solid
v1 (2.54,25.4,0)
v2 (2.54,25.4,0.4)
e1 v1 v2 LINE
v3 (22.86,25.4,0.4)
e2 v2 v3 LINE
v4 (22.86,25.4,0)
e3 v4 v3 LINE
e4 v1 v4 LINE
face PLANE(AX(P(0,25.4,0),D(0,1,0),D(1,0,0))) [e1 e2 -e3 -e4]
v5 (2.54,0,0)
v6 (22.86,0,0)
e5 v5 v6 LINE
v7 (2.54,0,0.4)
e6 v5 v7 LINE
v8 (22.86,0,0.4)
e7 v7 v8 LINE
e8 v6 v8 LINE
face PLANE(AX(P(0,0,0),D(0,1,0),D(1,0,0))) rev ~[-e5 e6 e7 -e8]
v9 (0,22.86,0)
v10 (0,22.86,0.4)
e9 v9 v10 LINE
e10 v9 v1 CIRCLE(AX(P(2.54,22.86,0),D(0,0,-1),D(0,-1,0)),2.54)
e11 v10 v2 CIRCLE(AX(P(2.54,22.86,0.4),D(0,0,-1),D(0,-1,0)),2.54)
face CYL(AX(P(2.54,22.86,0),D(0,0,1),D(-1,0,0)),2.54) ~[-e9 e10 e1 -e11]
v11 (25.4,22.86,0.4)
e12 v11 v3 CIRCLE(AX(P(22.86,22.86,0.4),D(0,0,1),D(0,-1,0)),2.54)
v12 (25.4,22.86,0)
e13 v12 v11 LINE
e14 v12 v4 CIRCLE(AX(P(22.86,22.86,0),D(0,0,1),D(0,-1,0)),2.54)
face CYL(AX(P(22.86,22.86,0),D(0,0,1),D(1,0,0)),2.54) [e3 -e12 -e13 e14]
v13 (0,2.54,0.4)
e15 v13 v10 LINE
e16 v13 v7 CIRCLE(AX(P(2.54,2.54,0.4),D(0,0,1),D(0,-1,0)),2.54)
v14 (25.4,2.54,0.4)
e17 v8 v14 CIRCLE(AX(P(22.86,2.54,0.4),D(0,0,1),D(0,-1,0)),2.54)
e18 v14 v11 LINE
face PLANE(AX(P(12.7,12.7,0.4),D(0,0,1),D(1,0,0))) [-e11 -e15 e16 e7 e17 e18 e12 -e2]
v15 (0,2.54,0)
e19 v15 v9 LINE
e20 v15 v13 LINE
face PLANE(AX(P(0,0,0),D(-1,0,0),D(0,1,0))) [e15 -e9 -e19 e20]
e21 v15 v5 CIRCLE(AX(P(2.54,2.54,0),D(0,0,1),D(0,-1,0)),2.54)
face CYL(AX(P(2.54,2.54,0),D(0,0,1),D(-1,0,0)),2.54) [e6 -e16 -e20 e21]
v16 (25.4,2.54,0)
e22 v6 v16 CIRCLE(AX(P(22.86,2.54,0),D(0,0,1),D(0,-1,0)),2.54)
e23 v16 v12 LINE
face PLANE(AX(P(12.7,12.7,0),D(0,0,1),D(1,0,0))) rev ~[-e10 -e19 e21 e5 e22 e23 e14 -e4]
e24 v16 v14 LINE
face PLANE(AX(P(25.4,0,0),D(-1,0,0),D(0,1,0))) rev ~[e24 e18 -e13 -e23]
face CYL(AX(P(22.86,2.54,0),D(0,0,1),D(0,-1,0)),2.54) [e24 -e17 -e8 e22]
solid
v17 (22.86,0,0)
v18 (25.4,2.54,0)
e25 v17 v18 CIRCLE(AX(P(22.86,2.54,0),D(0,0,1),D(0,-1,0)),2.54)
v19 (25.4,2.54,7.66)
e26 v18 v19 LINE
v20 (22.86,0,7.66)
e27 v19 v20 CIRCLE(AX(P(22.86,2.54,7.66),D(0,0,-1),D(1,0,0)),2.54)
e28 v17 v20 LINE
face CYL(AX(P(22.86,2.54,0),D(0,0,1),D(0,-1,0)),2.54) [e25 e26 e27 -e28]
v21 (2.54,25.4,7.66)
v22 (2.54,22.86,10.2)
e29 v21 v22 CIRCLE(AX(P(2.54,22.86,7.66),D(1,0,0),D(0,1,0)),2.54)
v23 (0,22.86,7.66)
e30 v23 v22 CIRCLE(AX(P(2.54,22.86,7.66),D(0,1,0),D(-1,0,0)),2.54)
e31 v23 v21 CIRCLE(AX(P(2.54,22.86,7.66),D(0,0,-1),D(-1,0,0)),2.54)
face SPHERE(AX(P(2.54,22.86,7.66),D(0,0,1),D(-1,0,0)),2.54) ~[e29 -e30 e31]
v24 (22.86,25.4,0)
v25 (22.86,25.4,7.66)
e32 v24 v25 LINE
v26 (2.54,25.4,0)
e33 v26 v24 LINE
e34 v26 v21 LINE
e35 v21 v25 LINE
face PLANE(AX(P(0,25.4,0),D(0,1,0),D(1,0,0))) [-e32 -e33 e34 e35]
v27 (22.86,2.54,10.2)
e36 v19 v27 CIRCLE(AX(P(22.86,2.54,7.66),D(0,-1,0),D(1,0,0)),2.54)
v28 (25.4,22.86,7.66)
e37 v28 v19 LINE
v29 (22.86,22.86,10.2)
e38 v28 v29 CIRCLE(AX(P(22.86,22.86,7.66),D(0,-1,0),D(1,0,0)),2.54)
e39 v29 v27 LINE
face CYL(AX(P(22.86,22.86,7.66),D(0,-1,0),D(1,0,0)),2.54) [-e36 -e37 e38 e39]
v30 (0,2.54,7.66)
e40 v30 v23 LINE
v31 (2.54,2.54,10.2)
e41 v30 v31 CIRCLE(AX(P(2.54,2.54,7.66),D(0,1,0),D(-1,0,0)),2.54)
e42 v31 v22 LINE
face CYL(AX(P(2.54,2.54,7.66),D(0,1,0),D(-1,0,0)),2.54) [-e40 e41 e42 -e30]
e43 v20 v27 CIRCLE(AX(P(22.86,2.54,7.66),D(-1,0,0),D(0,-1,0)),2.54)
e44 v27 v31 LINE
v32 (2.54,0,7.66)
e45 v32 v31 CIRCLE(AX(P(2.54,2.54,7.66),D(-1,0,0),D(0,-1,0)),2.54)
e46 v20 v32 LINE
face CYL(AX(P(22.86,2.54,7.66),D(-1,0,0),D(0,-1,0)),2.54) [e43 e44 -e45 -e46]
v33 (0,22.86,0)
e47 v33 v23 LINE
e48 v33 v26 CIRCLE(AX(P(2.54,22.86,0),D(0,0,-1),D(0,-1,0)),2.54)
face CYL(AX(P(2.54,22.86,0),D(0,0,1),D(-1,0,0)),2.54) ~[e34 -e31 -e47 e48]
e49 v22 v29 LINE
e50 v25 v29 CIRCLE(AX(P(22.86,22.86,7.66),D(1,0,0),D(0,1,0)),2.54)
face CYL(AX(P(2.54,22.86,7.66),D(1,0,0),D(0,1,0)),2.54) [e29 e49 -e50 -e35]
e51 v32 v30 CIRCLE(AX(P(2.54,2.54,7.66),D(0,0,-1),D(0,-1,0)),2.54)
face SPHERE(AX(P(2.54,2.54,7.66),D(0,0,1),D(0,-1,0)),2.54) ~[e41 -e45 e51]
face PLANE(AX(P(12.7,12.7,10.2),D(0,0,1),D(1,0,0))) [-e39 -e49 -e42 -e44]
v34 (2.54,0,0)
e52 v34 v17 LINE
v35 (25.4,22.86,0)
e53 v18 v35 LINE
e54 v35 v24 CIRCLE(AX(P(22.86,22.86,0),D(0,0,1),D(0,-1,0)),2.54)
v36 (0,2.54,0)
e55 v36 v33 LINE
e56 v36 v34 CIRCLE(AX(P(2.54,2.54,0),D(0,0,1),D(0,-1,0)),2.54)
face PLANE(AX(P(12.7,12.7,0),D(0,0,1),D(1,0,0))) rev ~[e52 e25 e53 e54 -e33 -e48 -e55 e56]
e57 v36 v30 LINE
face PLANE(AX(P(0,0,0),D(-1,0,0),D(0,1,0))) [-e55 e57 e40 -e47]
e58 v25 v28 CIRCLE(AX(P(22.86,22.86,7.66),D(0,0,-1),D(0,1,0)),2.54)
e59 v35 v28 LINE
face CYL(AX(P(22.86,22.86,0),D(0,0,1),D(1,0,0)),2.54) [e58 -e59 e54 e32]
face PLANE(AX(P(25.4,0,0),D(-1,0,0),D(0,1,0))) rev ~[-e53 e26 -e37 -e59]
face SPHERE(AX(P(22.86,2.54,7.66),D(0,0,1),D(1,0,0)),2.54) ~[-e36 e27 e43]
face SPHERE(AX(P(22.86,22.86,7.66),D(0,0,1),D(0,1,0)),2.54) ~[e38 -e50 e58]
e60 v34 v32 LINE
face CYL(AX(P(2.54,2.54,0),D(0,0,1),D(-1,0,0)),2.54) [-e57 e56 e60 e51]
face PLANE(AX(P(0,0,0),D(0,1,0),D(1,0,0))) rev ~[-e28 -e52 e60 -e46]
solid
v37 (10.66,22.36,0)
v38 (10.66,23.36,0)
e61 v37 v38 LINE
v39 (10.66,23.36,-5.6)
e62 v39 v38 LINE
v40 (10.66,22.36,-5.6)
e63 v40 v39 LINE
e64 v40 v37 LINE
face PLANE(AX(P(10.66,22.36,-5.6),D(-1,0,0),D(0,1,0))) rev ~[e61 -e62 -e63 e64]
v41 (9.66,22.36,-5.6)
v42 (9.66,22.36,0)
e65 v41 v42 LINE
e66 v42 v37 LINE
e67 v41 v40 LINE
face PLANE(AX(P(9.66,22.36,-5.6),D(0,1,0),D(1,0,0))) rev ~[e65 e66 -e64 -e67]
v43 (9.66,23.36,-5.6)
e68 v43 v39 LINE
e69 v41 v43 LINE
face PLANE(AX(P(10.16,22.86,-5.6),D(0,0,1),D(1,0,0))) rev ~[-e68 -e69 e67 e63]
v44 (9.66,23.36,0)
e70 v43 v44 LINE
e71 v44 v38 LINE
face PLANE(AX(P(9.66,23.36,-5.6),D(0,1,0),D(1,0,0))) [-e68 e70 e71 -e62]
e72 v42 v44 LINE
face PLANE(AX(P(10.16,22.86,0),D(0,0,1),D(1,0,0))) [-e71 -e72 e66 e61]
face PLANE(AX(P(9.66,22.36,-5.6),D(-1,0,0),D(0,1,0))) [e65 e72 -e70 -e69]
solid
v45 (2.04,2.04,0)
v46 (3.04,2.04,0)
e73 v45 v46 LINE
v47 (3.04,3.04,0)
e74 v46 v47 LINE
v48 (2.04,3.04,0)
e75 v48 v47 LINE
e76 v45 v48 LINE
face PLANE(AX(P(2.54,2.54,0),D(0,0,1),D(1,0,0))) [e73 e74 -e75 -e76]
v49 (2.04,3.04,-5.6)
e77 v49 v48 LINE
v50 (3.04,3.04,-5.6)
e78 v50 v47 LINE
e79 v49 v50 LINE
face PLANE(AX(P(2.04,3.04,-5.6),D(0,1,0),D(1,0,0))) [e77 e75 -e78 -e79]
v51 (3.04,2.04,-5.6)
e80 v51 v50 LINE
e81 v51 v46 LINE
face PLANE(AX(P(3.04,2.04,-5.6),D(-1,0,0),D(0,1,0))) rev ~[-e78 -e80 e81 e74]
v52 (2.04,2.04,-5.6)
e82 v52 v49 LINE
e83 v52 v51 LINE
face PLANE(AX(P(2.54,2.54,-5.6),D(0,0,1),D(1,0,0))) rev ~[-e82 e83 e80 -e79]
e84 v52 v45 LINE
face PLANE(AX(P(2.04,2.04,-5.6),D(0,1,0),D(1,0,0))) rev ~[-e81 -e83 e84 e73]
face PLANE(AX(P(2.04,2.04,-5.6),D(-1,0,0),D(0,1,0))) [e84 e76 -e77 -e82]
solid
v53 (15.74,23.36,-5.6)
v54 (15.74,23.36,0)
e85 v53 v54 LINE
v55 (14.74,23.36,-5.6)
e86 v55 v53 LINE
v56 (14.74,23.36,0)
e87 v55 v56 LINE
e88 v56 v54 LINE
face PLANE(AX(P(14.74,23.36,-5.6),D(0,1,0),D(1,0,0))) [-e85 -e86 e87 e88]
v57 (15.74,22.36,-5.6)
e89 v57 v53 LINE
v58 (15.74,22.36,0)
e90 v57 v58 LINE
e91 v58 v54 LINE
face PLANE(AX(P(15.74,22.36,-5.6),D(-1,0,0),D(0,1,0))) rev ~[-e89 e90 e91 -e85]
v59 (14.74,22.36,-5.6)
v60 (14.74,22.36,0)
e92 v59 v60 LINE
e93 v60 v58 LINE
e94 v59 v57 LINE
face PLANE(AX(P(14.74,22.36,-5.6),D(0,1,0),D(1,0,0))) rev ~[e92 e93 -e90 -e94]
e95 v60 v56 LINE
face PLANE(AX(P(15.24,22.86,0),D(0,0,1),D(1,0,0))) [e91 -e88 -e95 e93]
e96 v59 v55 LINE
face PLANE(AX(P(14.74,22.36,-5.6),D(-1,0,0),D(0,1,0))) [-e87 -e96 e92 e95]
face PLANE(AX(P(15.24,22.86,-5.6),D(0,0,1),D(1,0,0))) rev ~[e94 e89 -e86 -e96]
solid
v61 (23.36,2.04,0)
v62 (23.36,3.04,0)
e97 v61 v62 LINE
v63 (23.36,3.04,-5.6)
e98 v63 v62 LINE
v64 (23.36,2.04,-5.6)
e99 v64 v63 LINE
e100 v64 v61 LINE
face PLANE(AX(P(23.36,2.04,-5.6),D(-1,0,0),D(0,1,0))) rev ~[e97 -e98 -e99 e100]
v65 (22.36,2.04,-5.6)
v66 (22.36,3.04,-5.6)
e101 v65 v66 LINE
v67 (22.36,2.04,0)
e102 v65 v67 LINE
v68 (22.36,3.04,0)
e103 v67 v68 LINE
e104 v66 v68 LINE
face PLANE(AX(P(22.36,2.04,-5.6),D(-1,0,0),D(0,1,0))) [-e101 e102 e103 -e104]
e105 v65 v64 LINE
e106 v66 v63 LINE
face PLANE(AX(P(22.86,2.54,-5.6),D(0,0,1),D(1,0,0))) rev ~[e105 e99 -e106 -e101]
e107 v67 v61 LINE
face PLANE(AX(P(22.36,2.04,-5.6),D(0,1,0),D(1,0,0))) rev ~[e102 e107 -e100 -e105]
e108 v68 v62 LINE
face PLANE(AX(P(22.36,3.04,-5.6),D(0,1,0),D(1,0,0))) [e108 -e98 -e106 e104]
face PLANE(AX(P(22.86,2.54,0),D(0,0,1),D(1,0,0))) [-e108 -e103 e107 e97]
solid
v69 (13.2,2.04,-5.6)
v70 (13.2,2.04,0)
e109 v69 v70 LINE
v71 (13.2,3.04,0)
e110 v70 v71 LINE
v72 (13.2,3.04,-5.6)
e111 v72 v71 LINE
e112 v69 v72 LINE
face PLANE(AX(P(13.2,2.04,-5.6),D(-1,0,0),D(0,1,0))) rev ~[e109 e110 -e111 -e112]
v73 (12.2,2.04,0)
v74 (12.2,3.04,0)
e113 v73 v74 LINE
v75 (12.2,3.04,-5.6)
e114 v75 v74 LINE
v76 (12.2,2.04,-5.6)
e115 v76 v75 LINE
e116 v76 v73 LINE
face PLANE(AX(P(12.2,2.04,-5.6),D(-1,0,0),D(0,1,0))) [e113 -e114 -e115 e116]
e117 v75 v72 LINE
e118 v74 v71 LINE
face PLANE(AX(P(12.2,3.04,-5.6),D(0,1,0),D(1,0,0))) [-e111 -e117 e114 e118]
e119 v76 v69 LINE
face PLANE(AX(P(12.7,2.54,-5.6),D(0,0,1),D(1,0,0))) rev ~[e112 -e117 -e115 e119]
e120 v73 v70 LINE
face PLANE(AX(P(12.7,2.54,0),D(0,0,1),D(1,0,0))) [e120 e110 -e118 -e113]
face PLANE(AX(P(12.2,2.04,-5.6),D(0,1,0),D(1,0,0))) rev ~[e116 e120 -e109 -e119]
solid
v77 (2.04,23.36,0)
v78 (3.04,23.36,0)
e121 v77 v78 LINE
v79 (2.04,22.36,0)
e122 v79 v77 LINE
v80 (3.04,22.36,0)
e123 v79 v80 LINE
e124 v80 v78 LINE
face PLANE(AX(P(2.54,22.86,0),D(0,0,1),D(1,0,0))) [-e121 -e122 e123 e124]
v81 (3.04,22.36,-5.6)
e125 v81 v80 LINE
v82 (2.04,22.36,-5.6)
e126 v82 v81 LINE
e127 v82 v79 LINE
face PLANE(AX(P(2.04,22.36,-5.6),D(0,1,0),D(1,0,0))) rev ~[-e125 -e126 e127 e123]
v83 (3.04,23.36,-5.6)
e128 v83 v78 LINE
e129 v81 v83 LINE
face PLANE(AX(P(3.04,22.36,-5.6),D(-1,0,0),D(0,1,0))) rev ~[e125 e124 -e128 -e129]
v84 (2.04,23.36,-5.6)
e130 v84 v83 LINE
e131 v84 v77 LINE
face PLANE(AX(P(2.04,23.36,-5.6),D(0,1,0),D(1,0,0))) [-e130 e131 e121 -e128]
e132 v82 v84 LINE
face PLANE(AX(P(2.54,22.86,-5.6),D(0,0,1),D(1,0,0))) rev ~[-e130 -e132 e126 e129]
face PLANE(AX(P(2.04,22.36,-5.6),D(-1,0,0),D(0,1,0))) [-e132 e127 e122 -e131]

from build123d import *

# Parameters (mm, degrees)
BOX_W        = 25.4
BOX_H        = 25.4
BOX_DEPTH    = 0.4
FILLET_R     = 2.54
BOX002_W     = 1
BOX002_H     = 1
BOX002_DEPTH = 5.6
BOX006_W     = 1
BOX006_H     = 1
BOX006_DEPTH = 5.6
BOX005_W     = 1
BOX005_H     = 1
BOX005_DEPTH = 5.6
BOX004_W     = 1
BOX004_H     = 1
BOX004_DEPTH = 5.6
BOX003_W     = 1
BOX003_H     = 1
BOX003_DEPTH = 5.6
BOX001_W     = 1
BOX001_H     = 1
BOX001_DEPTH = 5.6
BOX007_W     = 25.4
BOX007_H     = 25.4
BOX007_DEPTH = 10.2
FILLET002_R  = 2.54
FILLET003_R  = 2.54


with BuildPart() as bottomplastic:
    # Box → Box (new body)
    with BuildSketch(Plane.XY):
        with Locations((12.7, 12.7)):
            Rectangle(BOX_W, BOX_H)
    extrude(amount=BOX_DEPTH)

    # Fillet
    fillet_edges = [bottomplastic.edges().sort_by_distance(p)[0] for p in [
        (0, 0, 0.2),
        (0, 25.4, 0.2),
        (25.4, 0, 0.2),
        (25.4, 25.4, 0.2),
    ]]
    fillet(fillet_edges, radius=FILLET_R)


with BuildPart() as pin4:
    # Box002 → Box002 (new body)
    with BuildSketch(Plane(origin=(12.2, 2.04, -5.6), x_dir=(1, 0, 0), z_dir=(0, 0, 1))):
        with Locations((0.5, 0.5)):
            Rectangle(BOX002_W, BOX002_H)
    extrude(amount=BOX002_DEPTH)


with BuildPart() as pin1:
    # Box006 → Box006 (new body)
    with BuildSketch(Plane(origin=(14.74, 22.36, -5.6), x_dir=(1, 0, 0), z_dir=(0, 0, 1))):
        with Locations((0.5, 0.5)):
            Rectangle(BOX006_W, BOX006_H)
    extrude(amount=BOX006_DEPTH)


with BuildPart() as pin2:
    # Box005 → Box005 (new body)
    with BuildSketch(Plane(origin=(9.66, 22.36, -5.6), x_dir=(1, 0, 0), z_dir=(0, 0, 1))):
        with Locations((0.5, 0.5)):
            Rectangle(BOX005_W, BOX005_H)
    extrude(amount=BOX005_DEPTH)


with BuildPart() as pin6:
    # Box004 → Box004 (new body)
    with BuildSketch(Plane(origin=(2.04, 22.36, -5.6), x_dir=(1, 0, 0), z_dir=(0, 0, 1))):
        with Locations((0.5, 0.5)):
            Rectangle(BOX004_W, BOX004_H)
    extrude(amount=BOX004_DEPTH)


with BuildPart() as pin5:
    # Box003 → Box003 (new body)
    with BuildSketch(Plane(origin=(22.36, 2.04, -5.6), x_dir=(1, 0, 0), z_dir=(0, 0, 1))):
        with Locations((0.5, 0.5)):
            Rectangle(BOX003_W, BOX003_H)
    extrude(amount=BOX003_DEPTH)


with BuildPart() as pins:
    # Box001 → Box001 (new body)
    with BuildSketch(Plane(origin=(2.04, 2.04, -5.6), x_dir=(1, 0, 0), z_dir=(0, 0, 1))):
        with Locations((0.5, 0.5)):
            Rectangle(BOX001_W, BOX001_H)
    extrude(amount=BOX001_DEPTH)

    # Fusion: union Pin4, Pin1, Pin2, Pin6, Pin5
    add(pin4.part)
    add(pin1.part)
    add(pin2.part)
    add(pin6.part)
    add(pin5.part)


with BuildPart() as topplastic:
    # Box007 → Box007 (new body)
    with BuildSketch(Plane.XY):
        with Locations((12.7, 12.7)):
            Rectangle(BOX007_W, BOX007_H)
    extrude(amount=BOX007_DEPTH)

    # Fillet002
    fillet002_edges = [topplastic.edges().sort_by_distance(p)[0] for p in [
        (0, 0, 5.1),
        (0, 25.4, 5.1),
        (25.4, 0, 5.1),
        (25.4, 25.4, 5.1),
    ]]
    fillet(fillet002_edges, radius=FILLET002_R)

    # Fillet003
    fillet003_edges = [topplastic.edges().sort_by_distance(p)[0] for p in [
        (0, 12.7, 10.2),
        (0.743949, 0.743949, 10.2),
        (0.743949, 24.656051, 10.2),
        (12.7, 0, 10.2),
        (12.7, 25.4, 10.2),
        (24.656051, 0.743949, 10.2),
        (24.656051, 24.656051, 10.2),
        (25.4, 12.7, 10.2),
    ]]
    fillet(fillet003_edges, radius=FILLET003_R)


solid = Compound([bottomplastic.part, pins.part, topplastic.part])
